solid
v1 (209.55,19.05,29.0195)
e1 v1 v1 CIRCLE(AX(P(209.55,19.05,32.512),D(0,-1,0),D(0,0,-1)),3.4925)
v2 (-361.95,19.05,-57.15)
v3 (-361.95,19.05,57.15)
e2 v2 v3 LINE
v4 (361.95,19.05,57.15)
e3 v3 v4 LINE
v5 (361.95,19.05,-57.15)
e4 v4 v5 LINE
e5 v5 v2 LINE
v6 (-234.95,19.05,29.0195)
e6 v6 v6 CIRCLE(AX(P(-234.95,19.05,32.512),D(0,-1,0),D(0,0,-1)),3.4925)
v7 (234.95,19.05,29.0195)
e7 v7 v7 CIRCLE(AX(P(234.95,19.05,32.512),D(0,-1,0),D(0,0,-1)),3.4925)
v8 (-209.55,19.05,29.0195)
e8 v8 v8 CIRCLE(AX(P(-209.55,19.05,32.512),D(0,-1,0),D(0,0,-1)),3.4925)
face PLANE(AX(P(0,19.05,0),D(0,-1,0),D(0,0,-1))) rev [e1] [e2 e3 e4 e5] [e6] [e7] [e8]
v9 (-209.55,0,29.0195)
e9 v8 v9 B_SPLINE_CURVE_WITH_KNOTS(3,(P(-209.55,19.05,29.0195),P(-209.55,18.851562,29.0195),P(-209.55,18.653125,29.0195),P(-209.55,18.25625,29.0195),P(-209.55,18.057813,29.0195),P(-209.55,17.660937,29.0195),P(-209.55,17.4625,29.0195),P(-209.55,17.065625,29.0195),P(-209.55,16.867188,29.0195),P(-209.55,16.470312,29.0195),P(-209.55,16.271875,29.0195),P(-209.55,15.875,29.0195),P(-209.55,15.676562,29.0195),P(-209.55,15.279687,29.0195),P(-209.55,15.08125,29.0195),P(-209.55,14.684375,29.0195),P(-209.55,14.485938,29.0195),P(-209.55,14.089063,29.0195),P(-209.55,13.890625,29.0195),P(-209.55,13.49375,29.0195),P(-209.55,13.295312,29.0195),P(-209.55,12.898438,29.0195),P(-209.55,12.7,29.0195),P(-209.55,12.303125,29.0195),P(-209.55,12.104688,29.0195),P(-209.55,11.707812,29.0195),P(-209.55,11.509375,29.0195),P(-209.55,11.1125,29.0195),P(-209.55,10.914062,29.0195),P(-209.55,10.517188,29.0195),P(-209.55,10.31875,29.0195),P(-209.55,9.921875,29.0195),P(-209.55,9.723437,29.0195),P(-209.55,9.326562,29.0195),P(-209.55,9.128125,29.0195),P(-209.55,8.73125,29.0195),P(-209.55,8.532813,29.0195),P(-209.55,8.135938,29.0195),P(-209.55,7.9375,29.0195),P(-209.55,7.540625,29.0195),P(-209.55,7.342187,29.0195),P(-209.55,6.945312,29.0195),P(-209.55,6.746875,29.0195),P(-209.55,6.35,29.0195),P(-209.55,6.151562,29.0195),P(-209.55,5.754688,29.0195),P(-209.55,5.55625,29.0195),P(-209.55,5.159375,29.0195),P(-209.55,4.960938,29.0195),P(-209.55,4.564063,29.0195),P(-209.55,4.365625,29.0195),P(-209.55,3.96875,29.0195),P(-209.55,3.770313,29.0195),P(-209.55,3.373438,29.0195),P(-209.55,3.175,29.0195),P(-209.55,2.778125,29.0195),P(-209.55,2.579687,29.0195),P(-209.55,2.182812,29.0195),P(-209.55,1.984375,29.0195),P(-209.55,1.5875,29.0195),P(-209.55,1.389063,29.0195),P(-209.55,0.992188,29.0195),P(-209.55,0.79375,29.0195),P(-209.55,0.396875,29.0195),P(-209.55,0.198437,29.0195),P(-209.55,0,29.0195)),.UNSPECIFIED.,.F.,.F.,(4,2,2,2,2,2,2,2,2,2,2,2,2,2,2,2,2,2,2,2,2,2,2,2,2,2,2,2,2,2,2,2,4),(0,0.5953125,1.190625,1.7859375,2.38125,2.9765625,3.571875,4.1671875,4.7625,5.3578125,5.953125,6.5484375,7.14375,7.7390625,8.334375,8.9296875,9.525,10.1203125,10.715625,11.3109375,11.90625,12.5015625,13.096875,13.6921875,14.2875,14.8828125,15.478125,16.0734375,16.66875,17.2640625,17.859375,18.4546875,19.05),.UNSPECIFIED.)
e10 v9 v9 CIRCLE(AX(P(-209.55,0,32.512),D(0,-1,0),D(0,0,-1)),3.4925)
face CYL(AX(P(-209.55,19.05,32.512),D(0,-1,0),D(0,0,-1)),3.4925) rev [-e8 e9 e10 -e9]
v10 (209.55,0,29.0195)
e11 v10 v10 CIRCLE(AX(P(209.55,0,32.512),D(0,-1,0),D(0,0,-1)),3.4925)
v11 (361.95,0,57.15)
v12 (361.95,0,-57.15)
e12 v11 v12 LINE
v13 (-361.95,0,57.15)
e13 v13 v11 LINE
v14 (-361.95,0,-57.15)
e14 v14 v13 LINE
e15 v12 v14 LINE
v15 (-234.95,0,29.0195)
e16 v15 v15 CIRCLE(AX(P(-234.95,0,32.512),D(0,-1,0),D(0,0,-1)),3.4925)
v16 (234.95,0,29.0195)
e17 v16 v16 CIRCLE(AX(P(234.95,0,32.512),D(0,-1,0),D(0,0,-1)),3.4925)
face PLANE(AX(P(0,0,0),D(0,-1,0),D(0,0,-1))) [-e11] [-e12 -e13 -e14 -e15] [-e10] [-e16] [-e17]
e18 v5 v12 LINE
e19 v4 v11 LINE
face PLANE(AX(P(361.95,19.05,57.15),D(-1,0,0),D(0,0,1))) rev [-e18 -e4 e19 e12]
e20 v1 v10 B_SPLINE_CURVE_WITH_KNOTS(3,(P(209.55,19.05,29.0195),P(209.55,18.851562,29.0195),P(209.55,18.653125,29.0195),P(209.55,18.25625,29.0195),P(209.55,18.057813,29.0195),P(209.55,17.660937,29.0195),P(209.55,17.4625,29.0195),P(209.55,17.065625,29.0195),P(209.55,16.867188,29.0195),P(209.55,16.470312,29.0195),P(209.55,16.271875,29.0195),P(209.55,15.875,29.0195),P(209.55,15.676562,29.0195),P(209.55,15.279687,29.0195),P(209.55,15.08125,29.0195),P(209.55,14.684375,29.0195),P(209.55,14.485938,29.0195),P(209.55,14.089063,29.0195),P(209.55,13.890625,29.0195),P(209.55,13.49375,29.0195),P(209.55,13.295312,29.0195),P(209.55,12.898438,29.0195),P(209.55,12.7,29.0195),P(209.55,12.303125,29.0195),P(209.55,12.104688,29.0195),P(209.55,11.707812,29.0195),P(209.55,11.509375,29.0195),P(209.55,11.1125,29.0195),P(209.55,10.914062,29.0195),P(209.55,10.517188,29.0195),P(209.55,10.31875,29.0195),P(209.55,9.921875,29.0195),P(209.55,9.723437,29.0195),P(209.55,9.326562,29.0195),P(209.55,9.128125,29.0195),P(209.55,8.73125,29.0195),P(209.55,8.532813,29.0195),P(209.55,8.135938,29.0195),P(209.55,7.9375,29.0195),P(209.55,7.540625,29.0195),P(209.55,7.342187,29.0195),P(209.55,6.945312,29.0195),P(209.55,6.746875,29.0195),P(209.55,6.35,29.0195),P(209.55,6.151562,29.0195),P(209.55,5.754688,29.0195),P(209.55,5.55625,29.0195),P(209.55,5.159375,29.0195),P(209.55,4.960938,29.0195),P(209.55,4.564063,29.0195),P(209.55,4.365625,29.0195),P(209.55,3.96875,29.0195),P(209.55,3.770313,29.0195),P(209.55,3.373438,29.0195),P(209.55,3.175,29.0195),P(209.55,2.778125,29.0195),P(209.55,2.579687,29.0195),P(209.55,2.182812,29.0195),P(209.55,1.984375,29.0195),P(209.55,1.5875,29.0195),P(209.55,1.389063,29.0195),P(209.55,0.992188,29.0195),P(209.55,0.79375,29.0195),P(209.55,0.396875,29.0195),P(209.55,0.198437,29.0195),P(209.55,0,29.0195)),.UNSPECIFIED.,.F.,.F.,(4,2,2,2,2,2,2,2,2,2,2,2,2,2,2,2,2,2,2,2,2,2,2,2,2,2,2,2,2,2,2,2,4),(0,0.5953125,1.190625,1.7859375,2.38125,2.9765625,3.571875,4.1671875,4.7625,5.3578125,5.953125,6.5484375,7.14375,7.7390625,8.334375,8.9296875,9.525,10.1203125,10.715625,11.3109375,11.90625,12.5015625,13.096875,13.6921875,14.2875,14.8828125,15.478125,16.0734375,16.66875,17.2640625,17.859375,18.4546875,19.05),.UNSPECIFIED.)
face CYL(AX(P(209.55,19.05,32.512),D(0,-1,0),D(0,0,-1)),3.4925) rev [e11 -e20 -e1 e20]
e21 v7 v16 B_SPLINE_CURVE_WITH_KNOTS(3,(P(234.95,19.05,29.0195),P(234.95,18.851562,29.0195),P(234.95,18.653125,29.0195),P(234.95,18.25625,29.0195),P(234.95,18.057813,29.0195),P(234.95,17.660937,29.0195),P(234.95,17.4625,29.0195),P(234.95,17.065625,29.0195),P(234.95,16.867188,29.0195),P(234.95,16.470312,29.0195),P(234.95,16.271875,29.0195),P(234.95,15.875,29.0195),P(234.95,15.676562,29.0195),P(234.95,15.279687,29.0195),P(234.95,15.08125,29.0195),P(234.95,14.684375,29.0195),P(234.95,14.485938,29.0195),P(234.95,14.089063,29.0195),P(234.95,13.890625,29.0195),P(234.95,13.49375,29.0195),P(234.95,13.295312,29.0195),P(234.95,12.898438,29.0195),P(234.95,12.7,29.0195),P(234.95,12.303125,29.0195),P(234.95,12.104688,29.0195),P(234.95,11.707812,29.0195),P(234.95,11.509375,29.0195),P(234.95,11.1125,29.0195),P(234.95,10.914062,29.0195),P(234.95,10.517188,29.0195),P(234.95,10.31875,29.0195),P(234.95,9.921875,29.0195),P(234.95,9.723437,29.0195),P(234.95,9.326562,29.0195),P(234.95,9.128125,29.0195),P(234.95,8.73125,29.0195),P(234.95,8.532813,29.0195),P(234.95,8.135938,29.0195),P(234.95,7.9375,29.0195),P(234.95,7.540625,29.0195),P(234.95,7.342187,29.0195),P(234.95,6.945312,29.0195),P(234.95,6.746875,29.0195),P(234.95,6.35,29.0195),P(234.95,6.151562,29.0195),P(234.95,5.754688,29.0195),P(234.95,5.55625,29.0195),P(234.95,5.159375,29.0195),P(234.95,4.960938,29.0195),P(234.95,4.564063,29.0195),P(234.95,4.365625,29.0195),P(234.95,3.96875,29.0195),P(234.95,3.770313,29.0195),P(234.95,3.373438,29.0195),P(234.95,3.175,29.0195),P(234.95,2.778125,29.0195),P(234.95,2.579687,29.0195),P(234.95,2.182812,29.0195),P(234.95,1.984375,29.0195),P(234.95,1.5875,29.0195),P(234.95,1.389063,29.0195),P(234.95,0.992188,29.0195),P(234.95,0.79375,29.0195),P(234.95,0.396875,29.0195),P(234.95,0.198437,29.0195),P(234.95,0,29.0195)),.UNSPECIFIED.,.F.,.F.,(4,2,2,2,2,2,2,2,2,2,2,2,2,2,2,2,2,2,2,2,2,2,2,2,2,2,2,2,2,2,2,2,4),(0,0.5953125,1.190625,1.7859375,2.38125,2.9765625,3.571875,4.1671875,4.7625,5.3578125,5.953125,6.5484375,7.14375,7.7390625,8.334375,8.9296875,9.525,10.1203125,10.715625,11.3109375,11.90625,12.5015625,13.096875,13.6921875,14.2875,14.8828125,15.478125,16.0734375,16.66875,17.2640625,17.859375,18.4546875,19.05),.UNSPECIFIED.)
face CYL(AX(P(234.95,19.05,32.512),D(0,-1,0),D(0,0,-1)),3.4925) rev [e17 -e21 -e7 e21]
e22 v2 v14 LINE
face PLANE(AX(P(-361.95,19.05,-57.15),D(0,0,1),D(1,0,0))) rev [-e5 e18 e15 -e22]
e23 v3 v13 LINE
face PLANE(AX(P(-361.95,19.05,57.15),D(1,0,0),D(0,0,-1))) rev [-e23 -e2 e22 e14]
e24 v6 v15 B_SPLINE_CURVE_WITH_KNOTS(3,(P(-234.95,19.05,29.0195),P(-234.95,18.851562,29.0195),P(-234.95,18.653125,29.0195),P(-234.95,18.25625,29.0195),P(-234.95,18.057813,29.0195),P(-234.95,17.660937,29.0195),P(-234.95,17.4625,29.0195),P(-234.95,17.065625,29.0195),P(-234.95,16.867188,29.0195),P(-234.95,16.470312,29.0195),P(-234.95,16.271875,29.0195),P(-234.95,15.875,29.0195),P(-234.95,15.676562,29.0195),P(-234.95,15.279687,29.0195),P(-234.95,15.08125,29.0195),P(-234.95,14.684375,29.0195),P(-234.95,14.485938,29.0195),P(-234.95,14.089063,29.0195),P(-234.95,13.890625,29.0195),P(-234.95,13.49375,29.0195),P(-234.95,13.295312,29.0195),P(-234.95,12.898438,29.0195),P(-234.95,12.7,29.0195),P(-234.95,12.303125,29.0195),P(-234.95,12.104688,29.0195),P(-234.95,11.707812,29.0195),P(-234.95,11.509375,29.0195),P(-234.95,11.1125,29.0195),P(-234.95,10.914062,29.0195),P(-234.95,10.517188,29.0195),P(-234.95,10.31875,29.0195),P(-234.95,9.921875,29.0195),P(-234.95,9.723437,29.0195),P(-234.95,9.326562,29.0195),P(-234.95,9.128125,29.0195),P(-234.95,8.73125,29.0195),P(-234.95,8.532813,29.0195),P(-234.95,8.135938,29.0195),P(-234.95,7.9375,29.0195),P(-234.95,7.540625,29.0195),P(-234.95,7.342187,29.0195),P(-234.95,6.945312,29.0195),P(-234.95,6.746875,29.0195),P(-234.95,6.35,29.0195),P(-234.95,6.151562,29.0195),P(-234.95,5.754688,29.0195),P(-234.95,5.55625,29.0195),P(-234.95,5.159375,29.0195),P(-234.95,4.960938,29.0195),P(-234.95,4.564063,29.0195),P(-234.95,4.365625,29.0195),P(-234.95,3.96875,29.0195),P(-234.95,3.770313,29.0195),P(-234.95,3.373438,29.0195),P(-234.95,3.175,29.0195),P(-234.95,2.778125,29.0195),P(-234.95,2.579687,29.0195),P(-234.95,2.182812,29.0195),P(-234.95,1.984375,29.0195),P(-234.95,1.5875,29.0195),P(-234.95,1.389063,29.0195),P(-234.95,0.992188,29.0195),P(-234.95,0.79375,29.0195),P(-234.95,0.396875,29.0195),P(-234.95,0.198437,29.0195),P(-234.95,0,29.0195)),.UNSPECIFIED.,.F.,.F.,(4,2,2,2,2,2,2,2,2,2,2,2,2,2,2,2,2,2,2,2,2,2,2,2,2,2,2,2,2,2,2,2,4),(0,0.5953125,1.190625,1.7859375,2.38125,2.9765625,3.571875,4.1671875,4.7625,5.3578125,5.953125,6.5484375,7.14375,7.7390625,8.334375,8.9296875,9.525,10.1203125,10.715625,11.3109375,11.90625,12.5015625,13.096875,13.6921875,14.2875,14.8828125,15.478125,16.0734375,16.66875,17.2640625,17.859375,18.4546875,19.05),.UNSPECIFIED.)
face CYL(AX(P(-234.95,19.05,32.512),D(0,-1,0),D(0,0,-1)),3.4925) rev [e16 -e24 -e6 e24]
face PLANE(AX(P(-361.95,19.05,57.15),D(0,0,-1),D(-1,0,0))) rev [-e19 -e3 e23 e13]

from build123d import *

# Parameters (mm, degrees)
SKETCH2_W               = 723.9
SKETCH2_H               = 114.3
BOSS_EXTRUDE3_DEPTH     = 19.05
CUT_EXTRUDE1_DEPTH      = 367.928913415
CUT_EXTRUDE1_DEPTH_BACK = 367.928913415
SKETCH3_R               = 3.4925


with BuildPart() as part:
    # Sketch2 → Boss-Extrude3 (new body)
    with BuildSketch(Plane(origin=(0, 0, 0), x_dir=(1, 0, 0), z_dir=(0, 1, 0))):
        Rectangle(SKETCH2_W, SKETCH2_H)
    extrude(amount=BOSS_EXTRUDE3_DEPTH)

    # Sketch3 → Cut-Extrude1 (cut, two sides: drawn at the far end of the back side and taken through both)
    with BuildSketch(Plane.XZ.offset(-CUT_EXTRUDE1_DEPTH_BACK)):
        with Locations(Location((-234.95, 32.512, 0), (0, 0, 270))):
            Circle(SKETCH3_R)
        with Locations(Location((-209.55, 32.512, 0), (0, 0, 270))):
            Circle(SKETCH3_R)
        with Locations(Location((209.55, 32.512, 0), (0, 0, 270))):
            Circle(SKETCH3_R)
        with Locations(Location((234.95, 32.512, 0), (0, 0, 270))):
            Circle(SKETCH3_R)
    extrude(amount=CUT_EXTRUDE1_DEPTH + CUT_EXTRUDE1_DEPTH_BACK, mode=Mode.SUBTRACT)


solid = part.part
